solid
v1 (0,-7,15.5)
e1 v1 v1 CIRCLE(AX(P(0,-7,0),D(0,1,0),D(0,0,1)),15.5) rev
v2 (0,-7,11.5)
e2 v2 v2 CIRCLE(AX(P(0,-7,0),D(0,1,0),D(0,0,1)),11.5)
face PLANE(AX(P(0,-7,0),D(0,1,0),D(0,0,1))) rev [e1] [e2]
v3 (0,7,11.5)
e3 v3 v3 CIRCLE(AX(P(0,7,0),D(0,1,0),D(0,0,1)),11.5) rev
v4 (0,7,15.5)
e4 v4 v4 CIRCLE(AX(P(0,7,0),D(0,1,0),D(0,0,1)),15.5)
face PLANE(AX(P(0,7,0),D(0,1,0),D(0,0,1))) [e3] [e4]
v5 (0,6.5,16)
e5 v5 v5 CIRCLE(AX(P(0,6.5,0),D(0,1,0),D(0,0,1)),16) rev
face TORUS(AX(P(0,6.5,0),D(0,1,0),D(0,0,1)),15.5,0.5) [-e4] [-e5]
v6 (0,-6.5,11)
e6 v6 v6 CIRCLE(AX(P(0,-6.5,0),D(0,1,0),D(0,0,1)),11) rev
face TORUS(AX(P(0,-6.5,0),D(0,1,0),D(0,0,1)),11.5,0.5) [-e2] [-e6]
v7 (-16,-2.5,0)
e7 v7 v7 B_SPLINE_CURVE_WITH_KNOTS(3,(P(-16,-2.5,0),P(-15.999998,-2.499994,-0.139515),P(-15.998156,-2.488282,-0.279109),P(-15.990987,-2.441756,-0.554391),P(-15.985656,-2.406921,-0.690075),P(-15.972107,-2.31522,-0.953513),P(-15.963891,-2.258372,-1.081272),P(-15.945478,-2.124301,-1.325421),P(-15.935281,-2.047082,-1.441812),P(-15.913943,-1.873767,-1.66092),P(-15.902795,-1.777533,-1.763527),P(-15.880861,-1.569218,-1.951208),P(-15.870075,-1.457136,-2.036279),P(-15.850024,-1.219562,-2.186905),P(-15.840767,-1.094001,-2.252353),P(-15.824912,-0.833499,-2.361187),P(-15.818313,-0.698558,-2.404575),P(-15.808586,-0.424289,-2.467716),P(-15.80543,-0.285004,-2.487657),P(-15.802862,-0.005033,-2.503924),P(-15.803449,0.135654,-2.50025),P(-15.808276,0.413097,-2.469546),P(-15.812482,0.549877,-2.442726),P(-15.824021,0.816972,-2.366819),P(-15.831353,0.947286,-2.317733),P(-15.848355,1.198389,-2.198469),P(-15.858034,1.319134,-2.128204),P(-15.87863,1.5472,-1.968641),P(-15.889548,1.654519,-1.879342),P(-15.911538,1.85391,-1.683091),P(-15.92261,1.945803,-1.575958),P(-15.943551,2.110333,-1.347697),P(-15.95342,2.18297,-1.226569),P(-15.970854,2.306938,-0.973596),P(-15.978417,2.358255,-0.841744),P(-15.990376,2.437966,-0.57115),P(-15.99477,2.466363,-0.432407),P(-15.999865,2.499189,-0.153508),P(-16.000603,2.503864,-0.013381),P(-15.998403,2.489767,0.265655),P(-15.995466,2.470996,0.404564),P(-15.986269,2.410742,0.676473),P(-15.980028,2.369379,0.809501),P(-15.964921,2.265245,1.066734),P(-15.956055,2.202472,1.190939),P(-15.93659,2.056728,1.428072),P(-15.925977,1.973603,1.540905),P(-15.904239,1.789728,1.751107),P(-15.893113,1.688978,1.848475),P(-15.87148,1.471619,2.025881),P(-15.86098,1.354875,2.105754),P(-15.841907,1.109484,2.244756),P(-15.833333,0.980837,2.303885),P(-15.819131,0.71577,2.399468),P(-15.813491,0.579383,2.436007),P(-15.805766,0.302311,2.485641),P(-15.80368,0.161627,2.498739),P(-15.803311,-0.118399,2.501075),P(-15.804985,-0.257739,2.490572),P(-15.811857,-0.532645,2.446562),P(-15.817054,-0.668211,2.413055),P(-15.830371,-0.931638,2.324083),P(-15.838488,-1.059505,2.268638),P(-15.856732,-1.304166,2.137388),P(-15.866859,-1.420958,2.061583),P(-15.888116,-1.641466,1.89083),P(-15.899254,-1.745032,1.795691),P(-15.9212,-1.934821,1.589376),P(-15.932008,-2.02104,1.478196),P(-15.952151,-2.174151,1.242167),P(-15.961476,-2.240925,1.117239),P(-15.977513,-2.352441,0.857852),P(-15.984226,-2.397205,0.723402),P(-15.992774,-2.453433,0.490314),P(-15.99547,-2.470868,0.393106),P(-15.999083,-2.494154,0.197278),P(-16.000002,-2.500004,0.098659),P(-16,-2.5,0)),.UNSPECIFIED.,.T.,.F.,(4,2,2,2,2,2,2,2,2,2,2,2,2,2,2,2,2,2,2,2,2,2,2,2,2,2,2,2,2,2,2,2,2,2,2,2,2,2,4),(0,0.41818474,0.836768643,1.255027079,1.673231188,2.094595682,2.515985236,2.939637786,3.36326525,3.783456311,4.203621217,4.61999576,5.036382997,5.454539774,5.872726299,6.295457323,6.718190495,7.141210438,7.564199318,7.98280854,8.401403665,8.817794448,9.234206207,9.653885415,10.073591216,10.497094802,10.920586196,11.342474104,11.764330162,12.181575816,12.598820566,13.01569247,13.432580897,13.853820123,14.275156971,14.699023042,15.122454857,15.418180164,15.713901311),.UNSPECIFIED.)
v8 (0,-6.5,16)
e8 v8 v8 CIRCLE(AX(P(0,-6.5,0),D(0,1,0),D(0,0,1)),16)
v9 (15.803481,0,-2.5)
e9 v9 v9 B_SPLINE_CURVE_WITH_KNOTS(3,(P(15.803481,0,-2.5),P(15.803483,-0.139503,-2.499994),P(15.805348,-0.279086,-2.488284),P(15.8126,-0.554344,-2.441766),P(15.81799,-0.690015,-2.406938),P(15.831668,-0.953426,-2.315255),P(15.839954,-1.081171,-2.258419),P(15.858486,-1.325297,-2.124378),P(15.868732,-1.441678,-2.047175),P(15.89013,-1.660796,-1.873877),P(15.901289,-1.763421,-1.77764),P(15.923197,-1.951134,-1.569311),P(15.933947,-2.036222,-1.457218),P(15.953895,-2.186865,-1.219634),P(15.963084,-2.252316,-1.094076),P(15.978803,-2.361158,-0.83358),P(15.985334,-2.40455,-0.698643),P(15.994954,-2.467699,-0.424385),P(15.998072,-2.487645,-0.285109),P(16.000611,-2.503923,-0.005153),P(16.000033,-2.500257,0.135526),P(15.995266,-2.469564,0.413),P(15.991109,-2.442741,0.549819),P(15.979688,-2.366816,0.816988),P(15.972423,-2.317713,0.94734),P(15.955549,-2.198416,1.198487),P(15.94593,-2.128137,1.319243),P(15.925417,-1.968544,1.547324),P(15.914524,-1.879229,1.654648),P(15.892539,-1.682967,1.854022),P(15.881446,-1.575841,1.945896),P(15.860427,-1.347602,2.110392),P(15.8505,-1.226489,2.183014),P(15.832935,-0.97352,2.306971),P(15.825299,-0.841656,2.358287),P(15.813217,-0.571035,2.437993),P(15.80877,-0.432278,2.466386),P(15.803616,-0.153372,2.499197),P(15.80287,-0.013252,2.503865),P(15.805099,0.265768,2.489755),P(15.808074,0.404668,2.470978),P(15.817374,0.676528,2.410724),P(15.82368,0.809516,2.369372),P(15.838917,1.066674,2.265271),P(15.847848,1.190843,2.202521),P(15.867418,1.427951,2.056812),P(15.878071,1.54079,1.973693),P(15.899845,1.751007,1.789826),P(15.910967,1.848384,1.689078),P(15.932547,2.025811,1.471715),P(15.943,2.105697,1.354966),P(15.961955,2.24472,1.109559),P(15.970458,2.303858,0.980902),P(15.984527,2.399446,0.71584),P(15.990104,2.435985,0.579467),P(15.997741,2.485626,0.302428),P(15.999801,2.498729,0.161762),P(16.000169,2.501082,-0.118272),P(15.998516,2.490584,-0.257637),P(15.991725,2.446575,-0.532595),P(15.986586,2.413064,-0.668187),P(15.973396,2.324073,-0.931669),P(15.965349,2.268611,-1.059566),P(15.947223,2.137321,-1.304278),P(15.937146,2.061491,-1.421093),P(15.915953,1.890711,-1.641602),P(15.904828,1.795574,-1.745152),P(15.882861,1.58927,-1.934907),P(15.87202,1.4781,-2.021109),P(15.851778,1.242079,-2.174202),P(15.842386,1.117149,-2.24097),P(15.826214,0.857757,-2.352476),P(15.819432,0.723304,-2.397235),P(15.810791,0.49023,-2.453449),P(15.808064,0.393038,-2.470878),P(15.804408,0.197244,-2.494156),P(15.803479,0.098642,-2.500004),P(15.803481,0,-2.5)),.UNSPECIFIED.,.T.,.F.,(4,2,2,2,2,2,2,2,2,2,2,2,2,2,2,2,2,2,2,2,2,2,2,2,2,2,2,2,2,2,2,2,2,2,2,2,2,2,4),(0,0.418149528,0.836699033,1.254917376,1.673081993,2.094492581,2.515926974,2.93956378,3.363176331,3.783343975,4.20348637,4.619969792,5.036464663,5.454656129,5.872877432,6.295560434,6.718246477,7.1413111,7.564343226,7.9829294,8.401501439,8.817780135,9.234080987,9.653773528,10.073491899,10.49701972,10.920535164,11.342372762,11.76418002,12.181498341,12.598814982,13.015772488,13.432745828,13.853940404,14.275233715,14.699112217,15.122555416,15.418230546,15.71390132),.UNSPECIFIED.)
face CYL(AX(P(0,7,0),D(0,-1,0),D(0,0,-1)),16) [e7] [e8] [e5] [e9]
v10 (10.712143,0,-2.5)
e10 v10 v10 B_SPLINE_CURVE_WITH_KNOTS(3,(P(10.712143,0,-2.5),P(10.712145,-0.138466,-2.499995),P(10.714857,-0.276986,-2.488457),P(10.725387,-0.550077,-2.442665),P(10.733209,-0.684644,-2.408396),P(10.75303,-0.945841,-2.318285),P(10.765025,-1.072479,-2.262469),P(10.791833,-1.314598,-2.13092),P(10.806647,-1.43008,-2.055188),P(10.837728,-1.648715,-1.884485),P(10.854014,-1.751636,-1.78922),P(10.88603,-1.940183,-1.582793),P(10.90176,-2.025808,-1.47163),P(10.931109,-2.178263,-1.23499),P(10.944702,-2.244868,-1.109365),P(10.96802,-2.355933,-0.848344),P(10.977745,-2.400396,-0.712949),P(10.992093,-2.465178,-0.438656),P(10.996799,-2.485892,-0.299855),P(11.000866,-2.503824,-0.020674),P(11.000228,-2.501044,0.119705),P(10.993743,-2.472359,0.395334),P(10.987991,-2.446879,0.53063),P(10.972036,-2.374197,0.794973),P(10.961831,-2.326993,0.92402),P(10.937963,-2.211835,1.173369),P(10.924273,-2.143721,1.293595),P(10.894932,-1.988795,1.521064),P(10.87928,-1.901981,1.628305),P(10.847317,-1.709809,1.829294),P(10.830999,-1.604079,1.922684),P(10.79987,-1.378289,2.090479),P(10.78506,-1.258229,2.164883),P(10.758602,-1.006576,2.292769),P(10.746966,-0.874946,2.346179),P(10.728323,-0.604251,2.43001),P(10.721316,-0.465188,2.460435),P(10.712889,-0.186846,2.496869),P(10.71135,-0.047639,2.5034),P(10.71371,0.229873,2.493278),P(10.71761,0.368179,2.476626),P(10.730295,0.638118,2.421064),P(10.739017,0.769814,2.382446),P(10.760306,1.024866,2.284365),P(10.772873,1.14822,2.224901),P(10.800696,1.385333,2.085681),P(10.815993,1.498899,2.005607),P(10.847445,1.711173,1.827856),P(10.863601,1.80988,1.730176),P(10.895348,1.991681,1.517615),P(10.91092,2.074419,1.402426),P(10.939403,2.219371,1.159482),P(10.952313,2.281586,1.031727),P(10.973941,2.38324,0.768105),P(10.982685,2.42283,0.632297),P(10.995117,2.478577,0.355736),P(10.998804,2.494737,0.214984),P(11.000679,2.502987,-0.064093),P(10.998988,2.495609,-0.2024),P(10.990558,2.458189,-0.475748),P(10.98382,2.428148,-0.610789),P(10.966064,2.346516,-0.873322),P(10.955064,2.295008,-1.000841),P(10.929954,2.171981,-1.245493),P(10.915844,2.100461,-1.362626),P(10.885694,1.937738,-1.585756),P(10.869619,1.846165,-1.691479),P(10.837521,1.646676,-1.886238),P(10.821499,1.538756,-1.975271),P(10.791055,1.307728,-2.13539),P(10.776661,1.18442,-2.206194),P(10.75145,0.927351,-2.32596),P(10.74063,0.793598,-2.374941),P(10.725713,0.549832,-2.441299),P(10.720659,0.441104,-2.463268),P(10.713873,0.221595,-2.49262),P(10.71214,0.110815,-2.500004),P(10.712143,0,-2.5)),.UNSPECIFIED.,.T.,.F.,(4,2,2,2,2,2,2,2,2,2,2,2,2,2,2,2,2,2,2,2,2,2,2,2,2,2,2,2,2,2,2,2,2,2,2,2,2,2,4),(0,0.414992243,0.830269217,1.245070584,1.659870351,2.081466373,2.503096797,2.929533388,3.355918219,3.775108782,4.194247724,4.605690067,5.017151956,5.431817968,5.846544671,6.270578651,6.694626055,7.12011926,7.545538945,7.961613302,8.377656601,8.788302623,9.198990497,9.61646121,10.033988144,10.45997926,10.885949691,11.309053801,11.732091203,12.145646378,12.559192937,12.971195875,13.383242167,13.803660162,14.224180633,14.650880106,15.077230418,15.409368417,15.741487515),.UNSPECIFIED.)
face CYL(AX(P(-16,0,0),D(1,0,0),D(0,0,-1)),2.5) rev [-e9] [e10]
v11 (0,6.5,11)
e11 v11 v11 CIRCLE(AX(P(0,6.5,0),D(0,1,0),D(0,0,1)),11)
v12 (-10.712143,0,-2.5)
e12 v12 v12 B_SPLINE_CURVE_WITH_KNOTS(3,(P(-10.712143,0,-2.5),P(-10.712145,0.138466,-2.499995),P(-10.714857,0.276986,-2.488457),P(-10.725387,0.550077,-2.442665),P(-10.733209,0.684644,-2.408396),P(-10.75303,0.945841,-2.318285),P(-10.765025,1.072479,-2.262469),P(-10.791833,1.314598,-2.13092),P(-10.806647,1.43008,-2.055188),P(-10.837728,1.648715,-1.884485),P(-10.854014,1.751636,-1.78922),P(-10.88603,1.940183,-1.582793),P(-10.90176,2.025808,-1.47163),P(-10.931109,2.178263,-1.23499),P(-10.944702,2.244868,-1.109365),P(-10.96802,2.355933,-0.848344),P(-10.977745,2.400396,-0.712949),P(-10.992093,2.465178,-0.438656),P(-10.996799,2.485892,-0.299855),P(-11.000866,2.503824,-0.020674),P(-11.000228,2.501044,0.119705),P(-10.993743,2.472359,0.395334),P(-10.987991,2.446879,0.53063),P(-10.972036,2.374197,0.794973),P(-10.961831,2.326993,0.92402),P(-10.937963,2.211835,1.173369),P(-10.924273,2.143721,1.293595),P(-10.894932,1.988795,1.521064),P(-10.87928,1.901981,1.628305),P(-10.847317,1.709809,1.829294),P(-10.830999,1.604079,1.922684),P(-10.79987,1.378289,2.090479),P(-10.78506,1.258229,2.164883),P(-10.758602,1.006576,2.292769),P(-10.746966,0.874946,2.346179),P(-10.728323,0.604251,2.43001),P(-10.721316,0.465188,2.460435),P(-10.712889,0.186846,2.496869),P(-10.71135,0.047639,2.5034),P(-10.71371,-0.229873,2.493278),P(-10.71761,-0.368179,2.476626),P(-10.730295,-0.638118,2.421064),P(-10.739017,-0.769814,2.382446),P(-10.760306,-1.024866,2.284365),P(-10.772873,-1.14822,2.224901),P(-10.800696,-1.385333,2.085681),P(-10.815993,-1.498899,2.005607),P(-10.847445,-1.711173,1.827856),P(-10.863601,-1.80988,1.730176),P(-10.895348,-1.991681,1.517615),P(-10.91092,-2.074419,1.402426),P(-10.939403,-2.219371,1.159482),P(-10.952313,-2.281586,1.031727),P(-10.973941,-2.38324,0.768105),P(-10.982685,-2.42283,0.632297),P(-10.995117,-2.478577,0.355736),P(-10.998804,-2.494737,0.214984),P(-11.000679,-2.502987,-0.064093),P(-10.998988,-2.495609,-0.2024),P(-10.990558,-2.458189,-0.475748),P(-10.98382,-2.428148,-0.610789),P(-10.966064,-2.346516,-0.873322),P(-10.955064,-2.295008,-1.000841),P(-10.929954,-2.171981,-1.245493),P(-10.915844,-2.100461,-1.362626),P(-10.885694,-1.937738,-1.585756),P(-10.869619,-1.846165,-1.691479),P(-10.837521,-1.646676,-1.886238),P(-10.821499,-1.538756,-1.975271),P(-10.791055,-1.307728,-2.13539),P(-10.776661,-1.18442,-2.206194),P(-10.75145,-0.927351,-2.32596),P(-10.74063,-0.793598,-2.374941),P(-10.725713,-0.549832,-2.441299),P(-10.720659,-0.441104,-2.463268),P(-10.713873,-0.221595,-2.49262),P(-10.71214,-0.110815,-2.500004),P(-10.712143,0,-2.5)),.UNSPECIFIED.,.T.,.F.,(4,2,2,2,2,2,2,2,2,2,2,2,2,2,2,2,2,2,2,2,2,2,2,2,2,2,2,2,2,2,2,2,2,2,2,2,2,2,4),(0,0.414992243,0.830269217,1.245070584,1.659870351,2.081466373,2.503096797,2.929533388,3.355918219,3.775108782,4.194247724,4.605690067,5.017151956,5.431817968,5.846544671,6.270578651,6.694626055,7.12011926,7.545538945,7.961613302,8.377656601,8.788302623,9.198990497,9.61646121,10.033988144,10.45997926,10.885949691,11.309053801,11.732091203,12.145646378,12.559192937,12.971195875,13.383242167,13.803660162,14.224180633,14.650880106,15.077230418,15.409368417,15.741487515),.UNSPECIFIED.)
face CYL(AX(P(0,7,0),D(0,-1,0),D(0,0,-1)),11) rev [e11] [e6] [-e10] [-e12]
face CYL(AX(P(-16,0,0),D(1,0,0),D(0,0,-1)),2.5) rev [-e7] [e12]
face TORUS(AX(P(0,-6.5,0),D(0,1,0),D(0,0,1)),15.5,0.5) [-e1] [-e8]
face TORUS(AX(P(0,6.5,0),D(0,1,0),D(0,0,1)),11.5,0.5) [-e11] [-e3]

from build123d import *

# Parameters (mm, degrees)
SKETCH1_R               = 16
SKETCH1_R_2             = 11
BOSS_EXTRUDE1_DEPTH     = 7
CUT_EXTRUDE1_DEPTH      = 24.685438565
CUT_EXTRUDE1_DEPTH_BACK = 24.685438565
SKETCH2_R               = 2.5
FILLET1_R               = 0.5


with BuildPart() as part:
    # Sketch1 → Boss-Extrude1 (new, symmetric)
    with BuildSketch(Plane(origin=(0, 0, 0), x_dir=(1, 0, 0), z_dir=(0, 1, 0))):
        with Locations(Location((0, 0, 0), (0, 0, 270))):
            Circle(SKETCH1_R)
        with Locations(Location((0, 0, 0), (0, 0, 270))):
            Circle(SKETCH1_R_2, mode=Mode.SUBTRACT)
    extrude(amount=BOSS_EXTRUDE1_DEPTH, both=True)

    # Sketch2 → Cut-Extrude1 (cut, two sides: drawn at the far end of the back side and taken through both)
    with BuildSketch(Plane(origin=(0, 0, 0), x_dir=(0, 0, -1), z_dir=(1, 0, 0)).offset(-CUT_EXTRUDE1_DEPTH_BACK)):
        Circle(SKETCH2_R)
    extrude(amount=CUT_EXTRUDE1_DEPTH + CUT_EXTRUDE1_DEPTH_BACK, mode=Mode.SUBTRACT)

    # Fillet1
    fillet1_edges = [part.edges().sort_by_distance(p)[0] for p in [
        (0, -7, -16),
        (0, 7, -16),
        (0, -7, -11),
        (0, 7, -11),
    ]]
    fillet(fillet1_edges, radius=FILLET1_R)


solid = part.part
